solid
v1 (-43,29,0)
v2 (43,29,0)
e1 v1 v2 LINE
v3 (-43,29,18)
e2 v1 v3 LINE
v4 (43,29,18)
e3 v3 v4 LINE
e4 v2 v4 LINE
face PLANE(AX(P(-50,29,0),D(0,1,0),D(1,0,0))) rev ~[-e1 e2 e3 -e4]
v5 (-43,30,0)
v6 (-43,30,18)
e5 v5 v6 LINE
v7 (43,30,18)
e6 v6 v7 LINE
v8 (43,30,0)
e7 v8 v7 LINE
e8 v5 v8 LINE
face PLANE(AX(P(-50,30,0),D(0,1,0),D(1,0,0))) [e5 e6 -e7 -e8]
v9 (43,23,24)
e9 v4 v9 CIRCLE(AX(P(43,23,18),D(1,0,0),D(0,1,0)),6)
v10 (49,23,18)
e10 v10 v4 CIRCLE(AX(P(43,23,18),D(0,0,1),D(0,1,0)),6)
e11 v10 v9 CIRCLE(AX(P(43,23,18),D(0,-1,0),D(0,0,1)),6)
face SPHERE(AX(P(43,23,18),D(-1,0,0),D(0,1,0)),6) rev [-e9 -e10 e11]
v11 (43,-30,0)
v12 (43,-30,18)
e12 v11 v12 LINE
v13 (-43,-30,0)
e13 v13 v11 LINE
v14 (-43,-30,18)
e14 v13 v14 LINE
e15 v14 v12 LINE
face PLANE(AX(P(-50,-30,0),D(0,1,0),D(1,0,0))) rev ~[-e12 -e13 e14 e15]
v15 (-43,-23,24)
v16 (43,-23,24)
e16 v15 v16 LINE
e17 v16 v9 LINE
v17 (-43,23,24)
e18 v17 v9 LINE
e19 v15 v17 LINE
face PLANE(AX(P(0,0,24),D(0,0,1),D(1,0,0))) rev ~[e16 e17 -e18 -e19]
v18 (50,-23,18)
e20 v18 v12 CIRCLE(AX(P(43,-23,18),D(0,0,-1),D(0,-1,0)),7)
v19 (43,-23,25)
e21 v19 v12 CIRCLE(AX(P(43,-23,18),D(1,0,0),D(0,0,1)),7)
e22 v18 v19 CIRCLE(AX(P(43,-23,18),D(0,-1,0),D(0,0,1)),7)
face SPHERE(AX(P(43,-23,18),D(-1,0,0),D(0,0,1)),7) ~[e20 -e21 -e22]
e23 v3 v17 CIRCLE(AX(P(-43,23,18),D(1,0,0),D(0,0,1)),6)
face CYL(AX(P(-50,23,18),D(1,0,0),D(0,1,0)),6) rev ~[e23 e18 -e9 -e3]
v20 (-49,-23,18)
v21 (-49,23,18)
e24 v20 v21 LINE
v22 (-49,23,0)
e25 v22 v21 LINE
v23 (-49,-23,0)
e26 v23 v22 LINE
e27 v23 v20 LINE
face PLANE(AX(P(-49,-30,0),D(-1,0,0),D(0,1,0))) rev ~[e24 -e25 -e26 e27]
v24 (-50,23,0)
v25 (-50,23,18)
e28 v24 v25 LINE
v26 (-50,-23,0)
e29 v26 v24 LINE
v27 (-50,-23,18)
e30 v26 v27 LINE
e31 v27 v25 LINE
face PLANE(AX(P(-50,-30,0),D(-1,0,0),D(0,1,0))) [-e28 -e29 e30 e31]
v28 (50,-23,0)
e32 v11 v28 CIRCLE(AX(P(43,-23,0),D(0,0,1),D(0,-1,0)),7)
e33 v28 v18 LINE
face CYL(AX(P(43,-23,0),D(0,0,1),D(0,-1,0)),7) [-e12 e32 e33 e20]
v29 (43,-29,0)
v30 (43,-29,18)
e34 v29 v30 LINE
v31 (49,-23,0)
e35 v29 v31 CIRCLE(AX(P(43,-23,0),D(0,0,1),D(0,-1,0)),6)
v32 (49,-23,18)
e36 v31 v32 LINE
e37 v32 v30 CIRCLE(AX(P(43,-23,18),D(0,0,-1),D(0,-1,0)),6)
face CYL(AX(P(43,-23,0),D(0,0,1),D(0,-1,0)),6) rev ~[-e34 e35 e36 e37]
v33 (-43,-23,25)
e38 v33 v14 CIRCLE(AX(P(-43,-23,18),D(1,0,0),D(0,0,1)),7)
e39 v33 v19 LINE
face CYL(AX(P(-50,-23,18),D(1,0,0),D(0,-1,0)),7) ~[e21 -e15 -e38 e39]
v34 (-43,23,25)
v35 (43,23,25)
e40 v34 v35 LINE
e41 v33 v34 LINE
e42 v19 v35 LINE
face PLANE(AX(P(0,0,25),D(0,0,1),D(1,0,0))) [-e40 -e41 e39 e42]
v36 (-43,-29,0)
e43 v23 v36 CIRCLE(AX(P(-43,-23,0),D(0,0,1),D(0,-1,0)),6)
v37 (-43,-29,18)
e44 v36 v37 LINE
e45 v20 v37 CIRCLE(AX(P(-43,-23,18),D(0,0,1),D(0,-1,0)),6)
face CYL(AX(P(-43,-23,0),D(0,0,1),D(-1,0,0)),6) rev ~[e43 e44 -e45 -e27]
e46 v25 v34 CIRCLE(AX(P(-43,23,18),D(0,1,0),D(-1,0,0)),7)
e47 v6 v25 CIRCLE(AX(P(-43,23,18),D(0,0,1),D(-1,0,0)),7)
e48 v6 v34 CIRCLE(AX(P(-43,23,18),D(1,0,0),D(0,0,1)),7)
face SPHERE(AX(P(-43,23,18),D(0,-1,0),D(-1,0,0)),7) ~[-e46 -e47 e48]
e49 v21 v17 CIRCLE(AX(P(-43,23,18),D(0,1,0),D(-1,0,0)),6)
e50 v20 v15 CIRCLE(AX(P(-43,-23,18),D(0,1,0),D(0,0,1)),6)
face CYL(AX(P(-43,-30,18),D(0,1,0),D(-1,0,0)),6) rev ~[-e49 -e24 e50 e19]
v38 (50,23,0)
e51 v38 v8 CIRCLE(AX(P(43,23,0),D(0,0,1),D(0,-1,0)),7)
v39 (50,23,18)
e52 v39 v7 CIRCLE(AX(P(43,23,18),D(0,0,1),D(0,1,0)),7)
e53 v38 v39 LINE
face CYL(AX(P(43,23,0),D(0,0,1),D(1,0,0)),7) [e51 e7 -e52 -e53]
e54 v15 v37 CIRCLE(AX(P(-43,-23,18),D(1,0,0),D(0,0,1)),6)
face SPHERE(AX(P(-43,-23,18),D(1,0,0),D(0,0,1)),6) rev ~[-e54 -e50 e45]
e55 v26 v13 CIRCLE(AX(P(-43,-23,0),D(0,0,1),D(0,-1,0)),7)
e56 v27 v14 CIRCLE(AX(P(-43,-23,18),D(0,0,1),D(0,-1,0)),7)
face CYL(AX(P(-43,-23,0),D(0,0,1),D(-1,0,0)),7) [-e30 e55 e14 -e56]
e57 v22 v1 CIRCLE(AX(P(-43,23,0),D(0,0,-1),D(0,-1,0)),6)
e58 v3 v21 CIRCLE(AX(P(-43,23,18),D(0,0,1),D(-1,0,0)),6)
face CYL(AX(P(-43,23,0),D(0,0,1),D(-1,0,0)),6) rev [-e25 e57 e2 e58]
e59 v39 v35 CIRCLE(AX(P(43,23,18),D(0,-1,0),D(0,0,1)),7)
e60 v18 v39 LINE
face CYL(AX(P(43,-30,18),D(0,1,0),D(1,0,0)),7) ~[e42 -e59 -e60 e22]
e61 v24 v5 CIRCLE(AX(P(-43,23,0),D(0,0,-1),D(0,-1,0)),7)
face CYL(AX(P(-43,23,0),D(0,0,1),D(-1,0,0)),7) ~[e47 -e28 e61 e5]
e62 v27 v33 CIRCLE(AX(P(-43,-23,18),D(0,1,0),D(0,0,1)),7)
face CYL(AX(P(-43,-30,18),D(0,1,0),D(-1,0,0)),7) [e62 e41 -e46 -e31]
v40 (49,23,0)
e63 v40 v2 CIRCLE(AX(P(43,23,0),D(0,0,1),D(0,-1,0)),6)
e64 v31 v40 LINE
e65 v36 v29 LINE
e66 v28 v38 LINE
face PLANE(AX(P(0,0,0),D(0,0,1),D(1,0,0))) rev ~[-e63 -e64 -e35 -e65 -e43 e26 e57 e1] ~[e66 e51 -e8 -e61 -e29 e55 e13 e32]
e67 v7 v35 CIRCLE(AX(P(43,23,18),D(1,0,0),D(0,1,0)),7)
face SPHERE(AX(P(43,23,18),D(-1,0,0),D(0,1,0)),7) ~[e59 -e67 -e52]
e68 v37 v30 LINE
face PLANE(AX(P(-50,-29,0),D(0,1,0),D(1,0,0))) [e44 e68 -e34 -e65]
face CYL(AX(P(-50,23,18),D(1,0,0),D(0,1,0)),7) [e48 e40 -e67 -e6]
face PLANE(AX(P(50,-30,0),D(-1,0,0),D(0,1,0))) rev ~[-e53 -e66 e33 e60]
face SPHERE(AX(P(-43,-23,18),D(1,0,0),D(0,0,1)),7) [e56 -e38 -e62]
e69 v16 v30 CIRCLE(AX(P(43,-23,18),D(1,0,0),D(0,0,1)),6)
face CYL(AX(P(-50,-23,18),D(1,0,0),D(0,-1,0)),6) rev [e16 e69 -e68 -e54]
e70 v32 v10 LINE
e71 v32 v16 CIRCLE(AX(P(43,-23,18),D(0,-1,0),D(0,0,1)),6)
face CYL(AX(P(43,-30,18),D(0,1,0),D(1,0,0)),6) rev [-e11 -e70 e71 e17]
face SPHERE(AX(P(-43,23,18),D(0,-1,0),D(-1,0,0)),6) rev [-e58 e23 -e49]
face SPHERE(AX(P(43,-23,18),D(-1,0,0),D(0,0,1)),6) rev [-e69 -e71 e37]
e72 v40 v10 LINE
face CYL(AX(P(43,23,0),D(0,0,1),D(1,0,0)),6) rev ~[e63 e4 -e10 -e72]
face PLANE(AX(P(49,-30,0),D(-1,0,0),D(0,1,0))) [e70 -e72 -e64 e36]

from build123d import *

# Parameters (mm, degrees)
F0_W     = 100
F0_H     = 60
F1_DEPTH = 25
F2_R     = 7
F3_T     = -1


with BuildPart() as f1:
    # F0 (on Top) → F1 (new body)
    with BuildSketch(Plane.XY):
        Rectangle(F0_W, F0_H)
    extrude(amount=F1_DEPTH)

    # F2
    f2_edges = [f1.edges().sort_by_distance(p)[0] for p in [
        (0, -30, 25),
        (-50, 0, 25),
        (-50, -30, 12.5),
        (-50, 30, 12.5),
        (0, 30, 25),
        (50, 30, 12.5),
        (50, 0, 25),
        (50, -30, 12.5),
    ]]
    fillet(f2_edges, radius=F2_R)

    # F3
    f3_openings = [f1.faces().sort_by_distance(p)[0] for p in [
        (0, 0, 0),
    ]]
    offset(amount=F3_T, openings=f3_openings)


solid = f1.part
